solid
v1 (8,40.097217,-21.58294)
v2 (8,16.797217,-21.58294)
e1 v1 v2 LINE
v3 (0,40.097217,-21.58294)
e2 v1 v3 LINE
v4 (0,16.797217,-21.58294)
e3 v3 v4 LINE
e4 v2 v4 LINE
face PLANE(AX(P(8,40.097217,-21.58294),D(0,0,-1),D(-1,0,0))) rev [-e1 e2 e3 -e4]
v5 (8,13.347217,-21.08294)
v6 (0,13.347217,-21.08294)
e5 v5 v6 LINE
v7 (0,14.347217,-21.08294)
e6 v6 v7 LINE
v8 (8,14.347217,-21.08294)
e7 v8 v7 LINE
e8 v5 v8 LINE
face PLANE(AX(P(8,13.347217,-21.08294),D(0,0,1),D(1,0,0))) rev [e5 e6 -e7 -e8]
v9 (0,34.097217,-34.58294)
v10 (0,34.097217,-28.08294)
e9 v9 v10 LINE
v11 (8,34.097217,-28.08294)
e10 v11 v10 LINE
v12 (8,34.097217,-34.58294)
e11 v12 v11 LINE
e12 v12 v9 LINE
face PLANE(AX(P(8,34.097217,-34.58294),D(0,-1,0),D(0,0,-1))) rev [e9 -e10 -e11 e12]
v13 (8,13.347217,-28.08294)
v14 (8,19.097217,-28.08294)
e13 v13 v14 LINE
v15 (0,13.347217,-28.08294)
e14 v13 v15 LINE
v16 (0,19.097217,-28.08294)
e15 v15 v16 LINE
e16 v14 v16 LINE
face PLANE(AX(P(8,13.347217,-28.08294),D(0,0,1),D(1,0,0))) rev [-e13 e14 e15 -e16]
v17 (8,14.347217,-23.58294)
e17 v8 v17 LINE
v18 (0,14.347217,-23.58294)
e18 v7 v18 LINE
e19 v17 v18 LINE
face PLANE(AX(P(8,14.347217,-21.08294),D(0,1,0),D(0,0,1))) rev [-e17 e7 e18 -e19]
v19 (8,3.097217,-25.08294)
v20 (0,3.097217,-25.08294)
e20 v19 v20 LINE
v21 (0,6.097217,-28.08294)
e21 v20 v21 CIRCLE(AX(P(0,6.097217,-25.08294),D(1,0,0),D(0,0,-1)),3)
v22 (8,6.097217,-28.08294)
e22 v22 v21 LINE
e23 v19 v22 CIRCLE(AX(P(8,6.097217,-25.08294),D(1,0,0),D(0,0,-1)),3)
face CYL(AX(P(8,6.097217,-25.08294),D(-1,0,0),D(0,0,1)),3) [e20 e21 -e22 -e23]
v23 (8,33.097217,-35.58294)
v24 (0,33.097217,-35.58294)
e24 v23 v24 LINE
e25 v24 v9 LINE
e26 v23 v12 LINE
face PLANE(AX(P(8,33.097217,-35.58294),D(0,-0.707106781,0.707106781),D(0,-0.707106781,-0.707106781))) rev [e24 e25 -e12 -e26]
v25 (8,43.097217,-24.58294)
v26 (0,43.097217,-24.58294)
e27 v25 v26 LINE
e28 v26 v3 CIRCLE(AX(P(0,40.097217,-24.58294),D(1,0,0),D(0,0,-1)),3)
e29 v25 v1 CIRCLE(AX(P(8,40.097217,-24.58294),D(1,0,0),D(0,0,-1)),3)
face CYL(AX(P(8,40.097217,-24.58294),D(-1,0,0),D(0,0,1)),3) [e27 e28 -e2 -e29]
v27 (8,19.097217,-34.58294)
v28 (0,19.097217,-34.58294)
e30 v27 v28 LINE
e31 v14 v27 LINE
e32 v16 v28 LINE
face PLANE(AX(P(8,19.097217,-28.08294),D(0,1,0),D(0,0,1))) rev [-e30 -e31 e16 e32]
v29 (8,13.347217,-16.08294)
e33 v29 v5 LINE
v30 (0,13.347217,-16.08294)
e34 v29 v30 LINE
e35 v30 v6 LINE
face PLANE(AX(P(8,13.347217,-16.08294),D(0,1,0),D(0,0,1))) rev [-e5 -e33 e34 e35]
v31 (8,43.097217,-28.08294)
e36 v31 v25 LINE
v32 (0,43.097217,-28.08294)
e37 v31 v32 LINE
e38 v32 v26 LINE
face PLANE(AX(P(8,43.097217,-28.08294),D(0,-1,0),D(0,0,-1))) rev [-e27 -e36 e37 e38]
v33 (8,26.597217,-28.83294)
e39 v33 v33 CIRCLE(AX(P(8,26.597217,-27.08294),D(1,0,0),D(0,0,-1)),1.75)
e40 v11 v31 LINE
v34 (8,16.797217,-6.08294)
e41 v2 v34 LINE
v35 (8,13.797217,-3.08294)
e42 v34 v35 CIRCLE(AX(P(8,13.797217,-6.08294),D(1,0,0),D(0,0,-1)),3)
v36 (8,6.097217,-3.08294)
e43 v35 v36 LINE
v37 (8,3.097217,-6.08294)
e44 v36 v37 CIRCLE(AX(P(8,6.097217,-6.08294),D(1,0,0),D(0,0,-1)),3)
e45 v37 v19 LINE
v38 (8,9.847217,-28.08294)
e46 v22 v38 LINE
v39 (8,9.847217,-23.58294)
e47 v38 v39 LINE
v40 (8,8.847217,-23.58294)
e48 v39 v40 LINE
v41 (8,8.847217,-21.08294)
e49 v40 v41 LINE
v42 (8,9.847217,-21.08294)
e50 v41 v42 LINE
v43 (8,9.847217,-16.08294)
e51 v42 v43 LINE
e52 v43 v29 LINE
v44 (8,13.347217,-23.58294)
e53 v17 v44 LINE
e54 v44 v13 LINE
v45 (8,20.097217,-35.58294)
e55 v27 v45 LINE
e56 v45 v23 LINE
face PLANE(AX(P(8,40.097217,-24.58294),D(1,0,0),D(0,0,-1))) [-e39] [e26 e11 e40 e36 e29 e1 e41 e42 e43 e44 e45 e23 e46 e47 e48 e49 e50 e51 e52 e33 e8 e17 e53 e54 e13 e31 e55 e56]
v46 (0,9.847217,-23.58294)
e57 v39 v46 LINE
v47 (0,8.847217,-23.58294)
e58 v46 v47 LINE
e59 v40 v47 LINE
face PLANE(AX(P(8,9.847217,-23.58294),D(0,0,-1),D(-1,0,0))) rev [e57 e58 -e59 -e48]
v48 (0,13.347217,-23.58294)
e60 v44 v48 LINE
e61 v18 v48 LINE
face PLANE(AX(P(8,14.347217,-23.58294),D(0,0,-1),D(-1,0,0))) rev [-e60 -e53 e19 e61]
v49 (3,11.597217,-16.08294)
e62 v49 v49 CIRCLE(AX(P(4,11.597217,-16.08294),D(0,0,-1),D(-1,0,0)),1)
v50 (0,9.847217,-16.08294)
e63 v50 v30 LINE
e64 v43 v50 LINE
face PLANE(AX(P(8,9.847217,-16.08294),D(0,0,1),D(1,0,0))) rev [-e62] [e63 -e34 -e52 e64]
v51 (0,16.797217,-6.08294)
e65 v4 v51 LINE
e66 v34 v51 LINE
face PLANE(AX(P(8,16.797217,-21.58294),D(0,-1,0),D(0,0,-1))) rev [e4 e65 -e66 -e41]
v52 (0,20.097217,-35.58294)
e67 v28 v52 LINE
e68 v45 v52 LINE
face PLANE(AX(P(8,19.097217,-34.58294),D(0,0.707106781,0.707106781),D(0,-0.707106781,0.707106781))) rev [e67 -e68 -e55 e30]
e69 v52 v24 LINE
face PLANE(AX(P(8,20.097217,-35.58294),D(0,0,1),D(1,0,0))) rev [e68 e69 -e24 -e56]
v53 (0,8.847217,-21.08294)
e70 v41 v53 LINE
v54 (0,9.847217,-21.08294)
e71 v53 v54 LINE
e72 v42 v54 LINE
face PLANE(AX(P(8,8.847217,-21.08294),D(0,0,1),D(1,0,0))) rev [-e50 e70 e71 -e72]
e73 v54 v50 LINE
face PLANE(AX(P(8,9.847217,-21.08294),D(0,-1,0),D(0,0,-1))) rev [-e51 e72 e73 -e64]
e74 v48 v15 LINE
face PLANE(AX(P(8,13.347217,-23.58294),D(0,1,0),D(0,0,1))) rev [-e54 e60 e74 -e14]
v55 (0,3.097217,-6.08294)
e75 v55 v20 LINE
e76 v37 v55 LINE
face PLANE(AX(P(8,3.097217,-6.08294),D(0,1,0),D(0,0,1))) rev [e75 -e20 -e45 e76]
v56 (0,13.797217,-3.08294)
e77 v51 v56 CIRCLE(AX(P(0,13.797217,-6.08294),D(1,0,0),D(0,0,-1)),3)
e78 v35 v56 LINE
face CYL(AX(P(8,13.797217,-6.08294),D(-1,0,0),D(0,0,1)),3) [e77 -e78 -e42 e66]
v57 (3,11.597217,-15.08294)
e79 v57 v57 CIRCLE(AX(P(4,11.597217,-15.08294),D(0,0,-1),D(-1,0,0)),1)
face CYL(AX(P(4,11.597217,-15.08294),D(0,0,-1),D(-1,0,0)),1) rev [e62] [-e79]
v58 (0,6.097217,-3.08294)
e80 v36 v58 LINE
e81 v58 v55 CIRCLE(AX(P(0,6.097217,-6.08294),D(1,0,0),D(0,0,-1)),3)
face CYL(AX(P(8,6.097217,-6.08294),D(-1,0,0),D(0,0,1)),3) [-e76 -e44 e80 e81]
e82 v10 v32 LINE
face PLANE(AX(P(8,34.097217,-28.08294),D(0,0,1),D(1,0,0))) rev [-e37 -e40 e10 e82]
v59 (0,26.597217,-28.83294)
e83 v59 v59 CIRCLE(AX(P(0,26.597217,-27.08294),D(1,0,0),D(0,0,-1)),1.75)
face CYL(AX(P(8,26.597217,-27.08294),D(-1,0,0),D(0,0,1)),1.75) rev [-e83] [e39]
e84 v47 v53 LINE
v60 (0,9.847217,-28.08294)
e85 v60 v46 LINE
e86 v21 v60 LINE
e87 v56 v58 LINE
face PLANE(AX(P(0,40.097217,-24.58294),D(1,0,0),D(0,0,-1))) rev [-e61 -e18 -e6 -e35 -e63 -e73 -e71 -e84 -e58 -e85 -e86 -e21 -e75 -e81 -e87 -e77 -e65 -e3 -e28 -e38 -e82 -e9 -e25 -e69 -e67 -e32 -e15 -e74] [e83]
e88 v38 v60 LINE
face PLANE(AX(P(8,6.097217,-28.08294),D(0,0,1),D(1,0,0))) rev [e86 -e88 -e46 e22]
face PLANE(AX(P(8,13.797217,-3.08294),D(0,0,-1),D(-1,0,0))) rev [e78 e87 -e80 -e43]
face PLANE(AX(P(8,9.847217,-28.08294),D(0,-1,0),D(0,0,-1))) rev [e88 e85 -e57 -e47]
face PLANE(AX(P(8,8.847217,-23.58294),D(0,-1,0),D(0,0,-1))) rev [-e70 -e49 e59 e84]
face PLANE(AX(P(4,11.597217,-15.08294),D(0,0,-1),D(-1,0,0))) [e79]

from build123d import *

# Parameters (mm, degrees)
SKETCH1_R      = 1.75
EXTRUDE1_DEPTH = 8
SKETCH2_R      = 1
EXTRUDE2_DEPTH = 1


with BuildPart() as part:
    # Sketch1 → Extrude1 (new body)
    with BuildSketch(Plane(origin=(0, 0, 0), x_dir=(0, 0, -1), z_dir=(1, 0, 0))):
        with BuildLine():
            Line((28.082940188, 19.097217002), (34.582940188, 19.097217002))
            Line((34.582940188, 19.097217002), (35.582940188, 20.097217002))
            Line((35.582940188, 20.097217002), (35.582940188, 33.097217002))
            Line((35.582940188, 33.097217002), (34.582940188, 34.097217002))
            Line((34.582940188, 34.097217002), (28.082940188, 34.097217002))
            Line((28.082940188, 34.097217002), (28.082940188, 43.097217002))
            Line((28.082940188, 43.097217002), (24.582940188, 43.097217002))
            ThreePointArc((24.582940188, 43.097217002), (22.461619844, 42.218537346), (21.582940188, 40.097217002))
            Line((21.582940188, 40.097217002), (21.582940188, 16.797217002))
            Line((21.582940188, 16.797217002), (6.082940188, 16.797217002))
            ThreePointArc((6.082940188, 16.797217002), (3.961619844, 15.918537346), (3.082940188, 13.797217002))
            Line((3.082940188, 13.797217002), (3.082940188, 6.097217002))
            ThreePointArc((3.082940188, 6.097217002), (3.961619844, 3.975896659), (6.082940188, 3.097217002))
            Line((6.082940188, 3.097217002), (25.082940188, 3.097217002))
            ThreePointArc((25.082940188, 3.097217002), (27.204260531, 3.975896659), (28.082940188, 6.097217002))
            Line((28.082940188, 6.097217002), (28.082940188, 9.847217002))
            Line((28.082940188, 9.847217002), (23.582940188, 9.847217002))
            Line((23.582940188, 9.847217002), (23.582940188, 8.847217002))
            Line((23.582940188, 8.847217002), (21.082940188, 8.847217002))
            Line((21.082940188, 8.847217002), (21.082940188, 9.847217002))
            Line((21.082940188, 9.847217002), (16.082940188, 9.847217002))
            Line((16.082940188, 9.847217002), (16.082940188, 13.347217002))
            Line((16.082940188, 13.347217002), (21.082940188, 13.347217002))
            Line((21.082940188, 13.347217002), (21.082940188, 14.347217002))
            Line((21.082940188, 14.347217002), (23.582940188, 14.347217002))
            Line((23.582940188, 14.347217002), (23.582940188, 13.347217002))
            Line((23.582940188, 13.347217002), (28.082940188, 13.347217002))
            Line((28.082940188, 13.347217002), (28.082940188, 19.097217002))
        make_face()
        with Locations((27.082940188, 26.597217002)):
            Circle(SKETCH1_R, mode=Mode.SUBTRACT)
    extrude(amount=EXTRUDE1_DEPTH)

    # Sketch2 → Extrude2 (cut)
    with BuildSketch(Plane(origin=(0, 0, -16.082940188), x_dir=(-1, 0, 0), z_dir=(0, 0, -1))):
        with Locations((-4, 11.597217002)):
            Circle(SKETCH2_R)
    extrude(amount=-EXTRUDE2_DEPTH, mode=Mode.SUBTRACT)


solid = part.part
